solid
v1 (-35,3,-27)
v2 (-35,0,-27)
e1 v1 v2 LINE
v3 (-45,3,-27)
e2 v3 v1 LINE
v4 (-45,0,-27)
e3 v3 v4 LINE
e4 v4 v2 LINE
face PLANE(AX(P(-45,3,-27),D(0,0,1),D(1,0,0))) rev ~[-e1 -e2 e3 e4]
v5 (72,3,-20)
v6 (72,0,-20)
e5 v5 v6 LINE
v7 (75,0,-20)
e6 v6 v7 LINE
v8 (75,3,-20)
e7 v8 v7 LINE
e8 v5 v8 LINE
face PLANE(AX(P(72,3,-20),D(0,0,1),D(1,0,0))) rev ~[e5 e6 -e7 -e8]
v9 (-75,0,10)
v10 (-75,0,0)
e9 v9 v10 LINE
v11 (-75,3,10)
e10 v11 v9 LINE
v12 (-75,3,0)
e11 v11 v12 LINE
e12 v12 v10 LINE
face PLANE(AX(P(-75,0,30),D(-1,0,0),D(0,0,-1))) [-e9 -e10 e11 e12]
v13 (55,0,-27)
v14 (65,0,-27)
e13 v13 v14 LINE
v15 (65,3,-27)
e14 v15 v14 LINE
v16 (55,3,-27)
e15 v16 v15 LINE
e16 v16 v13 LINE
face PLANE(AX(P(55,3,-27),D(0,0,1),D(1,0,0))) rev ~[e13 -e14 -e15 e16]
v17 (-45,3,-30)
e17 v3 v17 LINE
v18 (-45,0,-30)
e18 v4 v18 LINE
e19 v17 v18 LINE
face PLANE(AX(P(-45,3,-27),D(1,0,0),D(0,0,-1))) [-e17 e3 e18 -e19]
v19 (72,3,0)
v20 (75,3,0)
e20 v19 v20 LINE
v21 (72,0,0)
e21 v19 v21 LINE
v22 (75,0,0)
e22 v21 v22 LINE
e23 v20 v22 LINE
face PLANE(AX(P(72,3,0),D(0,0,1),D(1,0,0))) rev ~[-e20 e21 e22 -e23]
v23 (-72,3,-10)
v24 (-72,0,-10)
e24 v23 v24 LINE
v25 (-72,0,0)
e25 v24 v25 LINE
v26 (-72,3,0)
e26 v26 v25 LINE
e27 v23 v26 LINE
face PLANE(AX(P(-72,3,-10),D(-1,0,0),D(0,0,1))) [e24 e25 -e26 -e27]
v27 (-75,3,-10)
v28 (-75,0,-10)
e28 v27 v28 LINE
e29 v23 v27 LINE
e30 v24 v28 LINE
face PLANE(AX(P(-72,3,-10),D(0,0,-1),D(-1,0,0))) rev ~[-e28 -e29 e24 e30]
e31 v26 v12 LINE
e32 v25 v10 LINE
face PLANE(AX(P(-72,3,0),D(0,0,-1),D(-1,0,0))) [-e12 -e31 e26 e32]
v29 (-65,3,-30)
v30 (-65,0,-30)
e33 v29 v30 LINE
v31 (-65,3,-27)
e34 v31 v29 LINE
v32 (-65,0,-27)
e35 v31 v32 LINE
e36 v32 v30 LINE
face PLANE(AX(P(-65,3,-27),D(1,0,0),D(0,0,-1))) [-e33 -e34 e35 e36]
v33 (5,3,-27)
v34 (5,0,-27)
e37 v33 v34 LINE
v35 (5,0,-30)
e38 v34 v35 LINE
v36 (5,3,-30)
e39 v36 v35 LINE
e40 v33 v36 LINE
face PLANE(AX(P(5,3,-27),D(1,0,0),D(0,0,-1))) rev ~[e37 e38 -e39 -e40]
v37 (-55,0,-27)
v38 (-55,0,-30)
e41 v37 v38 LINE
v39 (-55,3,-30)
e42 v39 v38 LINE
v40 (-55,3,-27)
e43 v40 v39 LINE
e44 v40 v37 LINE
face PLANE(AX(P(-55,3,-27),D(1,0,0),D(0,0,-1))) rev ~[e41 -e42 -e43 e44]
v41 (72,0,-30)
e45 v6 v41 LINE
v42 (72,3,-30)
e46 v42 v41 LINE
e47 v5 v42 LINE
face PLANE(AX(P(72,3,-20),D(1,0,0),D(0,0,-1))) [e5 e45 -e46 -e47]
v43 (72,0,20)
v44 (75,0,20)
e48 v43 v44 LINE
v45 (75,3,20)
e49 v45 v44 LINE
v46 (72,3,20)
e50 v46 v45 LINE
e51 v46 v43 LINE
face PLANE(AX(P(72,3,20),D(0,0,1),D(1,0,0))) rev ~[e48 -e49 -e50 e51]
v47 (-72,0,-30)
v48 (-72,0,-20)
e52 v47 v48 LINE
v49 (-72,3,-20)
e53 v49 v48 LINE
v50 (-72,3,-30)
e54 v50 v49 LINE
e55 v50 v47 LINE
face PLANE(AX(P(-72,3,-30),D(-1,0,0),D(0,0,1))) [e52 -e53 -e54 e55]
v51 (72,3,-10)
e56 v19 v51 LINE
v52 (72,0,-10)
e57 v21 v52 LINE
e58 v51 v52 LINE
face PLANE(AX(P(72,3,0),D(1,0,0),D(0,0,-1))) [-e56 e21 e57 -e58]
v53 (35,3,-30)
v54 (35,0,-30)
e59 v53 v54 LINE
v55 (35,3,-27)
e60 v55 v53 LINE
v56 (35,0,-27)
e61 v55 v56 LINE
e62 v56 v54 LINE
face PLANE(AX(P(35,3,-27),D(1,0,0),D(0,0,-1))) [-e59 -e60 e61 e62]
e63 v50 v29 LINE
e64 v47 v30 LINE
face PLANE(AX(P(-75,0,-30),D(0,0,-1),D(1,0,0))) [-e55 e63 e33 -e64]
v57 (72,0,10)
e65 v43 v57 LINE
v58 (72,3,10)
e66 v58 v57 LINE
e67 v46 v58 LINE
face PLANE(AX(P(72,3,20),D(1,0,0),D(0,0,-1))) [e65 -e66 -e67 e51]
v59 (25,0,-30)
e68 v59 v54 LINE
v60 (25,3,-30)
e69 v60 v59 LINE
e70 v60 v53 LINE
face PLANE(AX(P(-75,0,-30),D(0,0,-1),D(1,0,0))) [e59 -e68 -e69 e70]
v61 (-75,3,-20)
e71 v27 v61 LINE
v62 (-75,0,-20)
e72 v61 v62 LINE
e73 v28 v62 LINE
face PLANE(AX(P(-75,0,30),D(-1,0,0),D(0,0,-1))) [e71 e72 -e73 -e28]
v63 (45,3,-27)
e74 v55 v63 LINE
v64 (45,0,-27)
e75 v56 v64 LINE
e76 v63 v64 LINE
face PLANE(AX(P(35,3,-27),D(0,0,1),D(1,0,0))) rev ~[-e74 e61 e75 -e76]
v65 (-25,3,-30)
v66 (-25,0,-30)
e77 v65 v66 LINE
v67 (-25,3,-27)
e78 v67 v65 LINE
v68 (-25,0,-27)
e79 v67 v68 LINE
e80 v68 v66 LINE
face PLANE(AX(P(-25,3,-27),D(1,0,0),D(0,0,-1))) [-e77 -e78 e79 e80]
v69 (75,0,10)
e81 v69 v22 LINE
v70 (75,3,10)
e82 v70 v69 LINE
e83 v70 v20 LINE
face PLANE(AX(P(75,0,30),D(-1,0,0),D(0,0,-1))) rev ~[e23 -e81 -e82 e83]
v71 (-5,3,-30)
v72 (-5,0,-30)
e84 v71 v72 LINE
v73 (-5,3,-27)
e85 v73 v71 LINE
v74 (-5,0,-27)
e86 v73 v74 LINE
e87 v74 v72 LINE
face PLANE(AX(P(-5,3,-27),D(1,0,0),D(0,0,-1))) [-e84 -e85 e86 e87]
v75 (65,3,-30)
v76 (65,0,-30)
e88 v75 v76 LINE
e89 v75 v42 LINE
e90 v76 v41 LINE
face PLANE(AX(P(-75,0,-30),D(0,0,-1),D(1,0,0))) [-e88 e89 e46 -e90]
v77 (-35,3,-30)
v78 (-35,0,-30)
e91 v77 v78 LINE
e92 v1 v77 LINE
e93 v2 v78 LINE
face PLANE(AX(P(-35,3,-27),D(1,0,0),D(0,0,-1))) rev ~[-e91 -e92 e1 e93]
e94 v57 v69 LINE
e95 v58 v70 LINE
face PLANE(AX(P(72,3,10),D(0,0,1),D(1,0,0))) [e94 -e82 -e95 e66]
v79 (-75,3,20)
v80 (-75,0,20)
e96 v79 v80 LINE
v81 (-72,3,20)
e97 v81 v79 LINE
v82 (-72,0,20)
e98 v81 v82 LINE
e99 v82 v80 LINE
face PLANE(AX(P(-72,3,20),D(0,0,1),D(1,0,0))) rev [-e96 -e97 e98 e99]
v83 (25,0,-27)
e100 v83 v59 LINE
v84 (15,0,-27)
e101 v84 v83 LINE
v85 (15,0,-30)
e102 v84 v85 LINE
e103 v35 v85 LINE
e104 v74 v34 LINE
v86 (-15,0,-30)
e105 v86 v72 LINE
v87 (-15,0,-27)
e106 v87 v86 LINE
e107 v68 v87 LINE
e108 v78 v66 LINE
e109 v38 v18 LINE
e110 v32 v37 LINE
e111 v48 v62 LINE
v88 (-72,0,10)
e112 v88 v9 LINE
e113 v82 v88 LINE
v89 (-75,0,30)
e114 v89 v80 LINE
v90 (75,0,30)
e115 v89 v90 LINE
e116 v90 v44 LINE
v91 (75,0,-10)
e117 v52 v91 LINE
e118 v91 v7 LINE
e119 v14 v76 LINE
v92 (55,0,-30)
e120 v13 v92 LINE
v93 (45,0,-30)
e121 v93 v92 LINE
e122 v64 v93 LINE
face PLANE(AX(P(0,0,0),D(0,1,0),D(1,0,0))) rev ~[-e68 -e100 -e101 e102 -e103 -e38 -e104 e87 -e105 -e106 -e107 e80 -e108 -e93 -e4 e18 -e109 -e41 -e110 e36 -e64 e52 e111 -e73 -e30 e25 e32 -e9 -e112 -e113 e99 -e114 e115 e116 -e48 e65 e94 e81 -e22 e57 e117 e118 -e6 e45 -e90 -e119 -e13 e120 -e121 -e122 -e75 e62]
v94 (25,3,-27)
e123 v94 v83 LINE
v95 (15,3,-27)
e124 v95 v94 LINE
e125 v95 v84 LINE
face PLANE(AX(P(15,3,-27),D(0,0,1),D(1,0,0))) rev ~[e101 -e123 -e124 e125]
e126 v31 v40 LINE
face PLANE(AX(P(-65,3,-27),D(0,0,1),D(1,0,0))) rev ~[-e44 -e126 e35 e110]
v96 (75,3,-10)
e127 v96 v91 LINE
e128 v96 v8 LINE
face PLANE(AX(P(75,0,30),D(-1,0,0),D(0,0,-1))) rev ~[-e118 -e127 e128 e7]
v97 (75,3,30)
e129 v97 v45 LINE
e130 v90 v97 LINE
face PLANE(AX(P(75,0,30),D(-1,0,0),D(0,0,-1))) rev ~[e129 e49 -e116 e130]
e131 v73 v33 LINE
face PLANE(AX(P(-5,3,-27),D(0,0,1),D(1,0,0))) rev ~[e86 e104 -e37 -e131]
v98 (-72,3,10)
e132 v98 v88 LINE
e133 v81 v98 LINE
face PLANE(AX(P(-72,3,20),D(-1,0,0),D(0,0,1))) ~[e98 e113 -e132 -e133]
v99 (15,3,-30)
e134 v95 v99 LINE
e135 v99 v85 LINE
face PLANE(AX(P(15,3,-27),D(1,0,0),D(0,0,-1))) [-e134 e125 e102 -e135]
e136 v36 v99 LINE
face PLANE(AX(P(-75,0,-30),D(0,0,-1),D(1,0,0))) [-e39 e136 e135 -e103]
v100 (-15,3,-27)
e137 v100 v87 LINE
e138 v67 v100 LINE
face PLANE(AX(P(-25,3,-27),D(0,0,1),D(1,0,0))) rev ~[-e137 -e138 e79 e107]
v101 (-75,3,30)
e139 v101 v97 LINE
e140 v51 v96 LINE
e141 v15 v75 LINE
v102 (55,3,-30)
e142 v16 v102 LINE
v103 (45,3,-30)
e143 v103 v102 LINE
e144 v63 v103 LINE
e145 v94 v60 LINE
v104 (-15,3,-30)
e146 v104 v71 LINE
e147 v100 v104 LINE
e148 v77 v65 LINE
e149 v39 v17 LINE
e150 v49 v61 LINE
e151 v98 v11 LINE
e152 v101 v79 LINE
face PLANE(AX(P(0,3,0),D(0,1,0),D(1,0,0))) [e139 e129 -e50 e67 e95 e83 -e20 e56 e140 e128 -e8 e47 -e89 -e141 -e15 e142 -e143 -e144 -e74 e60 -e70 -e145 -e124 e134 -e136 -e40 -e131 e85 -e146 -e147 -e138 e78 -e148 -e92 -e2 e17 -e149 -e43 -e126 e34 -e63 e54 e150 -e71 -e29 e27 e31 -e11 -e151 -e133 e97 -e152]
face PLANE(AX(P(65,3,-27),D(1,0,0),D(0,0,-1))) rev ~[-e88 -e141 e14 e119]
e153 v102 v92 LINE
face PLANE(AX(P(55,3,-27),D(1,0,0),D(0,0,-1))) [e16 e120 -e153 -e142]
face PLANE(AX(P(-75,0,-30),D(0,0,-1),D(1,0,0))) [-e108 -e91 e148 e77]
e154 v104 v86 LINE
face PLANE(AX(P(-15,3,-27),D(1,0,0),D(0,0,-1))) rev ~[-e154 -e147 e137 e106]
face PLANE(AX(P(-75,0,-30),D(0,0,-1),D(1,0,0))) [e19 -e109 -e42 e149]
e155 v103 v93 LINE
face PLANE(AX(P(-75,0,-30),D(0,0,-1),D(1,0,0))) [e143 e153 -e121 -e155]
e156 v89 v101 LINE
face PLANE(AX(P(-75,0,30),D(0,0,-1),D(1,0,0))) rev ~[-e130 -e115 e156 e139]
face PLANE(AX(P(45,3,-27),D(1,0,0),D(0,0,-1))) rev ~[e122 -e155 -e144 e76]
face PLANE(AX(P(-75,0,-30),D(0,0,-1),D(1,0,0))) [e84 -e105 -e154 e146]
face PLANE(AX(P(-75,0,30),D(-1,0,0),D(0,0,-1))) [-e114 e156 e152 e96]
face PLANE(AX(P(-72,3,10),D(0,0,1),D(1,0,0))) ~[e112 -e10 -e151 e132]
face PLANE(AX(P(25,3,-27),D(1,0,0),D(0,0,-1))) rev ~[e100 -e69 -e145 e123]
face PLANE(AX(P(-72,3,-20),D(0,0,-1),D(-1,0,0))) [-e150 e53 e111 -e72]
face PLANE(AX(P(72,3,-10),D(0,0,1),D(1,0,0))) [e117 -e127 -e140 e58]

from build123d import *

# Parameters (mm, degrees)
SKETCH1_W               = 150
SKETCH1_H               = 60
BOSS_EXTRUDE1_DEPTH     = 3
SKETCH2_W               = 3
SKETCH2_H               = 10
CUT_EXTRUDE1_DEPTH      = 81.833161512
LPATTERN1_COUNT         = 3
LPATTERN1_PITCH         = 20
MIRROR1_COPY_1_SKETCH_W = 3
MIRROR1_COPY_1_SKETCH_H = 10
MIRROR1_COPY_1_DEPTH    = 81.833161512
MIRROR1_COPY_2_SKETCH_W = 3
MIRROR1_COPY_2_SKETCH_H = 10
MIRROR1_COPY_2_DEPTH    = 81.833161512
SKETCH3_W               = 10
SKETCH3_H               = 3
CUT_EXTRUDE2_DEPTH      = 81.833161512
LPATTERN2_COUNT         = 7
LPATTERN2_PITCH         = 20


with BuildPart() as part:
    # Sketch1 → Boss-Extrude1 (new body)
    with BuildSketch(Plane(origin=(0, 0, 0), x_dir=(1, 0, 0), z_dir=(0, 1, 0))):
        Rectangle(SKETCH1_W, SKETCH1_H)
    extrude(amount=BOSS_EXTRUDE1_DEPTH)

    # Sketch2 → Cut-Extrude1 (cut, through all)
    with BuildSketch(Plane(origin=(0, 3, 0), x_dir=(1, 0, 0), z_dir=(0, 1, 0))):
        with Locations((73.5, -15)):
            Rectangle(SKETCH2_W, SKETCH2_H)
    cut_extrude1 = extrude(amount=-CUT_EXTRUDE1_DEPTH, mode=Mode.SUBTRACT)

    # LPattern1: Cut-Extrude1 ×3
    with Locations(*[(0, 0, -i * LPATTERN1_PITCH) for i in range(1, LPATTERN1_COUNT)]):
        add(cut_extrude1, mode=Mode.SUBTRACT)

    # Mirror1: Cut-Extrude1 across plane
    add(cut_extrude1.mirror(Plane(origin=(0, 0, 0), x_dir=(0, 0, 1), z_dir=(1, 0, 0))), mode=Mode.SUBTRACT)

    # Mirror1 copy 1 sketch → Mirror1 copy 1 (cut, through all)
    with BuildSketch(Plane(origin=(0, 3, -20), x_dir=(-1, 0, 0), z_dir=(0, 1, 0))):
        with Locations((73.5, 15)):
            Rectangle(MIRROR1_COPY_1_SKETCH_W, MIRROR1_COPY_1_SKETCH_H)
    extrude(amount=-MIRROR1_COPY_1_DEPTH, mode=Mode.SUBTRACT)

    # Mirror1 copy 2 sketch → Mirror1 copy 2 (cut, through all)
    with BuildSketch(Plane(origin=(0, 3, -40), x_dir=(-1, 0, 0), z_dir=(0, 1, 0))):
        with Locations((73.5, 15)):
            Rectangle(MIRROR1_COPY_2_SKETCH_W, MIRROR1_COPY_2_SKETCH_H)
    extrude(amount=-MIRROR1_COPY_2_DEPTH, mode=Mode.SUBTRACT)

    # Sketch3 → Cut-Extrude2 (cut, through all)
    with BuildSketch(Plane(origin=(0, 3, 0), x_dir=(1, 0, 0), z_dir=(0, 1, 0))):
        with Locations((-60, 28.5)):
            Rectangle(SKETCH3_W, SKETCH3_H)
    cut_extrude2 = extrude(amount=-CUT_EXTRUDE2_DEPTH, mode=Mode.SUBTRACT)

    # LPattern2: Cut-Extrude2 ×7
    with Locations(*[(i * LPATTERN2_PITCH, 0, 0) for i in range(1, LPATTERN2_COUNT)]):
        add(cut_extrude2, mode=Mode.SUBTRACT)


solid = part.part
